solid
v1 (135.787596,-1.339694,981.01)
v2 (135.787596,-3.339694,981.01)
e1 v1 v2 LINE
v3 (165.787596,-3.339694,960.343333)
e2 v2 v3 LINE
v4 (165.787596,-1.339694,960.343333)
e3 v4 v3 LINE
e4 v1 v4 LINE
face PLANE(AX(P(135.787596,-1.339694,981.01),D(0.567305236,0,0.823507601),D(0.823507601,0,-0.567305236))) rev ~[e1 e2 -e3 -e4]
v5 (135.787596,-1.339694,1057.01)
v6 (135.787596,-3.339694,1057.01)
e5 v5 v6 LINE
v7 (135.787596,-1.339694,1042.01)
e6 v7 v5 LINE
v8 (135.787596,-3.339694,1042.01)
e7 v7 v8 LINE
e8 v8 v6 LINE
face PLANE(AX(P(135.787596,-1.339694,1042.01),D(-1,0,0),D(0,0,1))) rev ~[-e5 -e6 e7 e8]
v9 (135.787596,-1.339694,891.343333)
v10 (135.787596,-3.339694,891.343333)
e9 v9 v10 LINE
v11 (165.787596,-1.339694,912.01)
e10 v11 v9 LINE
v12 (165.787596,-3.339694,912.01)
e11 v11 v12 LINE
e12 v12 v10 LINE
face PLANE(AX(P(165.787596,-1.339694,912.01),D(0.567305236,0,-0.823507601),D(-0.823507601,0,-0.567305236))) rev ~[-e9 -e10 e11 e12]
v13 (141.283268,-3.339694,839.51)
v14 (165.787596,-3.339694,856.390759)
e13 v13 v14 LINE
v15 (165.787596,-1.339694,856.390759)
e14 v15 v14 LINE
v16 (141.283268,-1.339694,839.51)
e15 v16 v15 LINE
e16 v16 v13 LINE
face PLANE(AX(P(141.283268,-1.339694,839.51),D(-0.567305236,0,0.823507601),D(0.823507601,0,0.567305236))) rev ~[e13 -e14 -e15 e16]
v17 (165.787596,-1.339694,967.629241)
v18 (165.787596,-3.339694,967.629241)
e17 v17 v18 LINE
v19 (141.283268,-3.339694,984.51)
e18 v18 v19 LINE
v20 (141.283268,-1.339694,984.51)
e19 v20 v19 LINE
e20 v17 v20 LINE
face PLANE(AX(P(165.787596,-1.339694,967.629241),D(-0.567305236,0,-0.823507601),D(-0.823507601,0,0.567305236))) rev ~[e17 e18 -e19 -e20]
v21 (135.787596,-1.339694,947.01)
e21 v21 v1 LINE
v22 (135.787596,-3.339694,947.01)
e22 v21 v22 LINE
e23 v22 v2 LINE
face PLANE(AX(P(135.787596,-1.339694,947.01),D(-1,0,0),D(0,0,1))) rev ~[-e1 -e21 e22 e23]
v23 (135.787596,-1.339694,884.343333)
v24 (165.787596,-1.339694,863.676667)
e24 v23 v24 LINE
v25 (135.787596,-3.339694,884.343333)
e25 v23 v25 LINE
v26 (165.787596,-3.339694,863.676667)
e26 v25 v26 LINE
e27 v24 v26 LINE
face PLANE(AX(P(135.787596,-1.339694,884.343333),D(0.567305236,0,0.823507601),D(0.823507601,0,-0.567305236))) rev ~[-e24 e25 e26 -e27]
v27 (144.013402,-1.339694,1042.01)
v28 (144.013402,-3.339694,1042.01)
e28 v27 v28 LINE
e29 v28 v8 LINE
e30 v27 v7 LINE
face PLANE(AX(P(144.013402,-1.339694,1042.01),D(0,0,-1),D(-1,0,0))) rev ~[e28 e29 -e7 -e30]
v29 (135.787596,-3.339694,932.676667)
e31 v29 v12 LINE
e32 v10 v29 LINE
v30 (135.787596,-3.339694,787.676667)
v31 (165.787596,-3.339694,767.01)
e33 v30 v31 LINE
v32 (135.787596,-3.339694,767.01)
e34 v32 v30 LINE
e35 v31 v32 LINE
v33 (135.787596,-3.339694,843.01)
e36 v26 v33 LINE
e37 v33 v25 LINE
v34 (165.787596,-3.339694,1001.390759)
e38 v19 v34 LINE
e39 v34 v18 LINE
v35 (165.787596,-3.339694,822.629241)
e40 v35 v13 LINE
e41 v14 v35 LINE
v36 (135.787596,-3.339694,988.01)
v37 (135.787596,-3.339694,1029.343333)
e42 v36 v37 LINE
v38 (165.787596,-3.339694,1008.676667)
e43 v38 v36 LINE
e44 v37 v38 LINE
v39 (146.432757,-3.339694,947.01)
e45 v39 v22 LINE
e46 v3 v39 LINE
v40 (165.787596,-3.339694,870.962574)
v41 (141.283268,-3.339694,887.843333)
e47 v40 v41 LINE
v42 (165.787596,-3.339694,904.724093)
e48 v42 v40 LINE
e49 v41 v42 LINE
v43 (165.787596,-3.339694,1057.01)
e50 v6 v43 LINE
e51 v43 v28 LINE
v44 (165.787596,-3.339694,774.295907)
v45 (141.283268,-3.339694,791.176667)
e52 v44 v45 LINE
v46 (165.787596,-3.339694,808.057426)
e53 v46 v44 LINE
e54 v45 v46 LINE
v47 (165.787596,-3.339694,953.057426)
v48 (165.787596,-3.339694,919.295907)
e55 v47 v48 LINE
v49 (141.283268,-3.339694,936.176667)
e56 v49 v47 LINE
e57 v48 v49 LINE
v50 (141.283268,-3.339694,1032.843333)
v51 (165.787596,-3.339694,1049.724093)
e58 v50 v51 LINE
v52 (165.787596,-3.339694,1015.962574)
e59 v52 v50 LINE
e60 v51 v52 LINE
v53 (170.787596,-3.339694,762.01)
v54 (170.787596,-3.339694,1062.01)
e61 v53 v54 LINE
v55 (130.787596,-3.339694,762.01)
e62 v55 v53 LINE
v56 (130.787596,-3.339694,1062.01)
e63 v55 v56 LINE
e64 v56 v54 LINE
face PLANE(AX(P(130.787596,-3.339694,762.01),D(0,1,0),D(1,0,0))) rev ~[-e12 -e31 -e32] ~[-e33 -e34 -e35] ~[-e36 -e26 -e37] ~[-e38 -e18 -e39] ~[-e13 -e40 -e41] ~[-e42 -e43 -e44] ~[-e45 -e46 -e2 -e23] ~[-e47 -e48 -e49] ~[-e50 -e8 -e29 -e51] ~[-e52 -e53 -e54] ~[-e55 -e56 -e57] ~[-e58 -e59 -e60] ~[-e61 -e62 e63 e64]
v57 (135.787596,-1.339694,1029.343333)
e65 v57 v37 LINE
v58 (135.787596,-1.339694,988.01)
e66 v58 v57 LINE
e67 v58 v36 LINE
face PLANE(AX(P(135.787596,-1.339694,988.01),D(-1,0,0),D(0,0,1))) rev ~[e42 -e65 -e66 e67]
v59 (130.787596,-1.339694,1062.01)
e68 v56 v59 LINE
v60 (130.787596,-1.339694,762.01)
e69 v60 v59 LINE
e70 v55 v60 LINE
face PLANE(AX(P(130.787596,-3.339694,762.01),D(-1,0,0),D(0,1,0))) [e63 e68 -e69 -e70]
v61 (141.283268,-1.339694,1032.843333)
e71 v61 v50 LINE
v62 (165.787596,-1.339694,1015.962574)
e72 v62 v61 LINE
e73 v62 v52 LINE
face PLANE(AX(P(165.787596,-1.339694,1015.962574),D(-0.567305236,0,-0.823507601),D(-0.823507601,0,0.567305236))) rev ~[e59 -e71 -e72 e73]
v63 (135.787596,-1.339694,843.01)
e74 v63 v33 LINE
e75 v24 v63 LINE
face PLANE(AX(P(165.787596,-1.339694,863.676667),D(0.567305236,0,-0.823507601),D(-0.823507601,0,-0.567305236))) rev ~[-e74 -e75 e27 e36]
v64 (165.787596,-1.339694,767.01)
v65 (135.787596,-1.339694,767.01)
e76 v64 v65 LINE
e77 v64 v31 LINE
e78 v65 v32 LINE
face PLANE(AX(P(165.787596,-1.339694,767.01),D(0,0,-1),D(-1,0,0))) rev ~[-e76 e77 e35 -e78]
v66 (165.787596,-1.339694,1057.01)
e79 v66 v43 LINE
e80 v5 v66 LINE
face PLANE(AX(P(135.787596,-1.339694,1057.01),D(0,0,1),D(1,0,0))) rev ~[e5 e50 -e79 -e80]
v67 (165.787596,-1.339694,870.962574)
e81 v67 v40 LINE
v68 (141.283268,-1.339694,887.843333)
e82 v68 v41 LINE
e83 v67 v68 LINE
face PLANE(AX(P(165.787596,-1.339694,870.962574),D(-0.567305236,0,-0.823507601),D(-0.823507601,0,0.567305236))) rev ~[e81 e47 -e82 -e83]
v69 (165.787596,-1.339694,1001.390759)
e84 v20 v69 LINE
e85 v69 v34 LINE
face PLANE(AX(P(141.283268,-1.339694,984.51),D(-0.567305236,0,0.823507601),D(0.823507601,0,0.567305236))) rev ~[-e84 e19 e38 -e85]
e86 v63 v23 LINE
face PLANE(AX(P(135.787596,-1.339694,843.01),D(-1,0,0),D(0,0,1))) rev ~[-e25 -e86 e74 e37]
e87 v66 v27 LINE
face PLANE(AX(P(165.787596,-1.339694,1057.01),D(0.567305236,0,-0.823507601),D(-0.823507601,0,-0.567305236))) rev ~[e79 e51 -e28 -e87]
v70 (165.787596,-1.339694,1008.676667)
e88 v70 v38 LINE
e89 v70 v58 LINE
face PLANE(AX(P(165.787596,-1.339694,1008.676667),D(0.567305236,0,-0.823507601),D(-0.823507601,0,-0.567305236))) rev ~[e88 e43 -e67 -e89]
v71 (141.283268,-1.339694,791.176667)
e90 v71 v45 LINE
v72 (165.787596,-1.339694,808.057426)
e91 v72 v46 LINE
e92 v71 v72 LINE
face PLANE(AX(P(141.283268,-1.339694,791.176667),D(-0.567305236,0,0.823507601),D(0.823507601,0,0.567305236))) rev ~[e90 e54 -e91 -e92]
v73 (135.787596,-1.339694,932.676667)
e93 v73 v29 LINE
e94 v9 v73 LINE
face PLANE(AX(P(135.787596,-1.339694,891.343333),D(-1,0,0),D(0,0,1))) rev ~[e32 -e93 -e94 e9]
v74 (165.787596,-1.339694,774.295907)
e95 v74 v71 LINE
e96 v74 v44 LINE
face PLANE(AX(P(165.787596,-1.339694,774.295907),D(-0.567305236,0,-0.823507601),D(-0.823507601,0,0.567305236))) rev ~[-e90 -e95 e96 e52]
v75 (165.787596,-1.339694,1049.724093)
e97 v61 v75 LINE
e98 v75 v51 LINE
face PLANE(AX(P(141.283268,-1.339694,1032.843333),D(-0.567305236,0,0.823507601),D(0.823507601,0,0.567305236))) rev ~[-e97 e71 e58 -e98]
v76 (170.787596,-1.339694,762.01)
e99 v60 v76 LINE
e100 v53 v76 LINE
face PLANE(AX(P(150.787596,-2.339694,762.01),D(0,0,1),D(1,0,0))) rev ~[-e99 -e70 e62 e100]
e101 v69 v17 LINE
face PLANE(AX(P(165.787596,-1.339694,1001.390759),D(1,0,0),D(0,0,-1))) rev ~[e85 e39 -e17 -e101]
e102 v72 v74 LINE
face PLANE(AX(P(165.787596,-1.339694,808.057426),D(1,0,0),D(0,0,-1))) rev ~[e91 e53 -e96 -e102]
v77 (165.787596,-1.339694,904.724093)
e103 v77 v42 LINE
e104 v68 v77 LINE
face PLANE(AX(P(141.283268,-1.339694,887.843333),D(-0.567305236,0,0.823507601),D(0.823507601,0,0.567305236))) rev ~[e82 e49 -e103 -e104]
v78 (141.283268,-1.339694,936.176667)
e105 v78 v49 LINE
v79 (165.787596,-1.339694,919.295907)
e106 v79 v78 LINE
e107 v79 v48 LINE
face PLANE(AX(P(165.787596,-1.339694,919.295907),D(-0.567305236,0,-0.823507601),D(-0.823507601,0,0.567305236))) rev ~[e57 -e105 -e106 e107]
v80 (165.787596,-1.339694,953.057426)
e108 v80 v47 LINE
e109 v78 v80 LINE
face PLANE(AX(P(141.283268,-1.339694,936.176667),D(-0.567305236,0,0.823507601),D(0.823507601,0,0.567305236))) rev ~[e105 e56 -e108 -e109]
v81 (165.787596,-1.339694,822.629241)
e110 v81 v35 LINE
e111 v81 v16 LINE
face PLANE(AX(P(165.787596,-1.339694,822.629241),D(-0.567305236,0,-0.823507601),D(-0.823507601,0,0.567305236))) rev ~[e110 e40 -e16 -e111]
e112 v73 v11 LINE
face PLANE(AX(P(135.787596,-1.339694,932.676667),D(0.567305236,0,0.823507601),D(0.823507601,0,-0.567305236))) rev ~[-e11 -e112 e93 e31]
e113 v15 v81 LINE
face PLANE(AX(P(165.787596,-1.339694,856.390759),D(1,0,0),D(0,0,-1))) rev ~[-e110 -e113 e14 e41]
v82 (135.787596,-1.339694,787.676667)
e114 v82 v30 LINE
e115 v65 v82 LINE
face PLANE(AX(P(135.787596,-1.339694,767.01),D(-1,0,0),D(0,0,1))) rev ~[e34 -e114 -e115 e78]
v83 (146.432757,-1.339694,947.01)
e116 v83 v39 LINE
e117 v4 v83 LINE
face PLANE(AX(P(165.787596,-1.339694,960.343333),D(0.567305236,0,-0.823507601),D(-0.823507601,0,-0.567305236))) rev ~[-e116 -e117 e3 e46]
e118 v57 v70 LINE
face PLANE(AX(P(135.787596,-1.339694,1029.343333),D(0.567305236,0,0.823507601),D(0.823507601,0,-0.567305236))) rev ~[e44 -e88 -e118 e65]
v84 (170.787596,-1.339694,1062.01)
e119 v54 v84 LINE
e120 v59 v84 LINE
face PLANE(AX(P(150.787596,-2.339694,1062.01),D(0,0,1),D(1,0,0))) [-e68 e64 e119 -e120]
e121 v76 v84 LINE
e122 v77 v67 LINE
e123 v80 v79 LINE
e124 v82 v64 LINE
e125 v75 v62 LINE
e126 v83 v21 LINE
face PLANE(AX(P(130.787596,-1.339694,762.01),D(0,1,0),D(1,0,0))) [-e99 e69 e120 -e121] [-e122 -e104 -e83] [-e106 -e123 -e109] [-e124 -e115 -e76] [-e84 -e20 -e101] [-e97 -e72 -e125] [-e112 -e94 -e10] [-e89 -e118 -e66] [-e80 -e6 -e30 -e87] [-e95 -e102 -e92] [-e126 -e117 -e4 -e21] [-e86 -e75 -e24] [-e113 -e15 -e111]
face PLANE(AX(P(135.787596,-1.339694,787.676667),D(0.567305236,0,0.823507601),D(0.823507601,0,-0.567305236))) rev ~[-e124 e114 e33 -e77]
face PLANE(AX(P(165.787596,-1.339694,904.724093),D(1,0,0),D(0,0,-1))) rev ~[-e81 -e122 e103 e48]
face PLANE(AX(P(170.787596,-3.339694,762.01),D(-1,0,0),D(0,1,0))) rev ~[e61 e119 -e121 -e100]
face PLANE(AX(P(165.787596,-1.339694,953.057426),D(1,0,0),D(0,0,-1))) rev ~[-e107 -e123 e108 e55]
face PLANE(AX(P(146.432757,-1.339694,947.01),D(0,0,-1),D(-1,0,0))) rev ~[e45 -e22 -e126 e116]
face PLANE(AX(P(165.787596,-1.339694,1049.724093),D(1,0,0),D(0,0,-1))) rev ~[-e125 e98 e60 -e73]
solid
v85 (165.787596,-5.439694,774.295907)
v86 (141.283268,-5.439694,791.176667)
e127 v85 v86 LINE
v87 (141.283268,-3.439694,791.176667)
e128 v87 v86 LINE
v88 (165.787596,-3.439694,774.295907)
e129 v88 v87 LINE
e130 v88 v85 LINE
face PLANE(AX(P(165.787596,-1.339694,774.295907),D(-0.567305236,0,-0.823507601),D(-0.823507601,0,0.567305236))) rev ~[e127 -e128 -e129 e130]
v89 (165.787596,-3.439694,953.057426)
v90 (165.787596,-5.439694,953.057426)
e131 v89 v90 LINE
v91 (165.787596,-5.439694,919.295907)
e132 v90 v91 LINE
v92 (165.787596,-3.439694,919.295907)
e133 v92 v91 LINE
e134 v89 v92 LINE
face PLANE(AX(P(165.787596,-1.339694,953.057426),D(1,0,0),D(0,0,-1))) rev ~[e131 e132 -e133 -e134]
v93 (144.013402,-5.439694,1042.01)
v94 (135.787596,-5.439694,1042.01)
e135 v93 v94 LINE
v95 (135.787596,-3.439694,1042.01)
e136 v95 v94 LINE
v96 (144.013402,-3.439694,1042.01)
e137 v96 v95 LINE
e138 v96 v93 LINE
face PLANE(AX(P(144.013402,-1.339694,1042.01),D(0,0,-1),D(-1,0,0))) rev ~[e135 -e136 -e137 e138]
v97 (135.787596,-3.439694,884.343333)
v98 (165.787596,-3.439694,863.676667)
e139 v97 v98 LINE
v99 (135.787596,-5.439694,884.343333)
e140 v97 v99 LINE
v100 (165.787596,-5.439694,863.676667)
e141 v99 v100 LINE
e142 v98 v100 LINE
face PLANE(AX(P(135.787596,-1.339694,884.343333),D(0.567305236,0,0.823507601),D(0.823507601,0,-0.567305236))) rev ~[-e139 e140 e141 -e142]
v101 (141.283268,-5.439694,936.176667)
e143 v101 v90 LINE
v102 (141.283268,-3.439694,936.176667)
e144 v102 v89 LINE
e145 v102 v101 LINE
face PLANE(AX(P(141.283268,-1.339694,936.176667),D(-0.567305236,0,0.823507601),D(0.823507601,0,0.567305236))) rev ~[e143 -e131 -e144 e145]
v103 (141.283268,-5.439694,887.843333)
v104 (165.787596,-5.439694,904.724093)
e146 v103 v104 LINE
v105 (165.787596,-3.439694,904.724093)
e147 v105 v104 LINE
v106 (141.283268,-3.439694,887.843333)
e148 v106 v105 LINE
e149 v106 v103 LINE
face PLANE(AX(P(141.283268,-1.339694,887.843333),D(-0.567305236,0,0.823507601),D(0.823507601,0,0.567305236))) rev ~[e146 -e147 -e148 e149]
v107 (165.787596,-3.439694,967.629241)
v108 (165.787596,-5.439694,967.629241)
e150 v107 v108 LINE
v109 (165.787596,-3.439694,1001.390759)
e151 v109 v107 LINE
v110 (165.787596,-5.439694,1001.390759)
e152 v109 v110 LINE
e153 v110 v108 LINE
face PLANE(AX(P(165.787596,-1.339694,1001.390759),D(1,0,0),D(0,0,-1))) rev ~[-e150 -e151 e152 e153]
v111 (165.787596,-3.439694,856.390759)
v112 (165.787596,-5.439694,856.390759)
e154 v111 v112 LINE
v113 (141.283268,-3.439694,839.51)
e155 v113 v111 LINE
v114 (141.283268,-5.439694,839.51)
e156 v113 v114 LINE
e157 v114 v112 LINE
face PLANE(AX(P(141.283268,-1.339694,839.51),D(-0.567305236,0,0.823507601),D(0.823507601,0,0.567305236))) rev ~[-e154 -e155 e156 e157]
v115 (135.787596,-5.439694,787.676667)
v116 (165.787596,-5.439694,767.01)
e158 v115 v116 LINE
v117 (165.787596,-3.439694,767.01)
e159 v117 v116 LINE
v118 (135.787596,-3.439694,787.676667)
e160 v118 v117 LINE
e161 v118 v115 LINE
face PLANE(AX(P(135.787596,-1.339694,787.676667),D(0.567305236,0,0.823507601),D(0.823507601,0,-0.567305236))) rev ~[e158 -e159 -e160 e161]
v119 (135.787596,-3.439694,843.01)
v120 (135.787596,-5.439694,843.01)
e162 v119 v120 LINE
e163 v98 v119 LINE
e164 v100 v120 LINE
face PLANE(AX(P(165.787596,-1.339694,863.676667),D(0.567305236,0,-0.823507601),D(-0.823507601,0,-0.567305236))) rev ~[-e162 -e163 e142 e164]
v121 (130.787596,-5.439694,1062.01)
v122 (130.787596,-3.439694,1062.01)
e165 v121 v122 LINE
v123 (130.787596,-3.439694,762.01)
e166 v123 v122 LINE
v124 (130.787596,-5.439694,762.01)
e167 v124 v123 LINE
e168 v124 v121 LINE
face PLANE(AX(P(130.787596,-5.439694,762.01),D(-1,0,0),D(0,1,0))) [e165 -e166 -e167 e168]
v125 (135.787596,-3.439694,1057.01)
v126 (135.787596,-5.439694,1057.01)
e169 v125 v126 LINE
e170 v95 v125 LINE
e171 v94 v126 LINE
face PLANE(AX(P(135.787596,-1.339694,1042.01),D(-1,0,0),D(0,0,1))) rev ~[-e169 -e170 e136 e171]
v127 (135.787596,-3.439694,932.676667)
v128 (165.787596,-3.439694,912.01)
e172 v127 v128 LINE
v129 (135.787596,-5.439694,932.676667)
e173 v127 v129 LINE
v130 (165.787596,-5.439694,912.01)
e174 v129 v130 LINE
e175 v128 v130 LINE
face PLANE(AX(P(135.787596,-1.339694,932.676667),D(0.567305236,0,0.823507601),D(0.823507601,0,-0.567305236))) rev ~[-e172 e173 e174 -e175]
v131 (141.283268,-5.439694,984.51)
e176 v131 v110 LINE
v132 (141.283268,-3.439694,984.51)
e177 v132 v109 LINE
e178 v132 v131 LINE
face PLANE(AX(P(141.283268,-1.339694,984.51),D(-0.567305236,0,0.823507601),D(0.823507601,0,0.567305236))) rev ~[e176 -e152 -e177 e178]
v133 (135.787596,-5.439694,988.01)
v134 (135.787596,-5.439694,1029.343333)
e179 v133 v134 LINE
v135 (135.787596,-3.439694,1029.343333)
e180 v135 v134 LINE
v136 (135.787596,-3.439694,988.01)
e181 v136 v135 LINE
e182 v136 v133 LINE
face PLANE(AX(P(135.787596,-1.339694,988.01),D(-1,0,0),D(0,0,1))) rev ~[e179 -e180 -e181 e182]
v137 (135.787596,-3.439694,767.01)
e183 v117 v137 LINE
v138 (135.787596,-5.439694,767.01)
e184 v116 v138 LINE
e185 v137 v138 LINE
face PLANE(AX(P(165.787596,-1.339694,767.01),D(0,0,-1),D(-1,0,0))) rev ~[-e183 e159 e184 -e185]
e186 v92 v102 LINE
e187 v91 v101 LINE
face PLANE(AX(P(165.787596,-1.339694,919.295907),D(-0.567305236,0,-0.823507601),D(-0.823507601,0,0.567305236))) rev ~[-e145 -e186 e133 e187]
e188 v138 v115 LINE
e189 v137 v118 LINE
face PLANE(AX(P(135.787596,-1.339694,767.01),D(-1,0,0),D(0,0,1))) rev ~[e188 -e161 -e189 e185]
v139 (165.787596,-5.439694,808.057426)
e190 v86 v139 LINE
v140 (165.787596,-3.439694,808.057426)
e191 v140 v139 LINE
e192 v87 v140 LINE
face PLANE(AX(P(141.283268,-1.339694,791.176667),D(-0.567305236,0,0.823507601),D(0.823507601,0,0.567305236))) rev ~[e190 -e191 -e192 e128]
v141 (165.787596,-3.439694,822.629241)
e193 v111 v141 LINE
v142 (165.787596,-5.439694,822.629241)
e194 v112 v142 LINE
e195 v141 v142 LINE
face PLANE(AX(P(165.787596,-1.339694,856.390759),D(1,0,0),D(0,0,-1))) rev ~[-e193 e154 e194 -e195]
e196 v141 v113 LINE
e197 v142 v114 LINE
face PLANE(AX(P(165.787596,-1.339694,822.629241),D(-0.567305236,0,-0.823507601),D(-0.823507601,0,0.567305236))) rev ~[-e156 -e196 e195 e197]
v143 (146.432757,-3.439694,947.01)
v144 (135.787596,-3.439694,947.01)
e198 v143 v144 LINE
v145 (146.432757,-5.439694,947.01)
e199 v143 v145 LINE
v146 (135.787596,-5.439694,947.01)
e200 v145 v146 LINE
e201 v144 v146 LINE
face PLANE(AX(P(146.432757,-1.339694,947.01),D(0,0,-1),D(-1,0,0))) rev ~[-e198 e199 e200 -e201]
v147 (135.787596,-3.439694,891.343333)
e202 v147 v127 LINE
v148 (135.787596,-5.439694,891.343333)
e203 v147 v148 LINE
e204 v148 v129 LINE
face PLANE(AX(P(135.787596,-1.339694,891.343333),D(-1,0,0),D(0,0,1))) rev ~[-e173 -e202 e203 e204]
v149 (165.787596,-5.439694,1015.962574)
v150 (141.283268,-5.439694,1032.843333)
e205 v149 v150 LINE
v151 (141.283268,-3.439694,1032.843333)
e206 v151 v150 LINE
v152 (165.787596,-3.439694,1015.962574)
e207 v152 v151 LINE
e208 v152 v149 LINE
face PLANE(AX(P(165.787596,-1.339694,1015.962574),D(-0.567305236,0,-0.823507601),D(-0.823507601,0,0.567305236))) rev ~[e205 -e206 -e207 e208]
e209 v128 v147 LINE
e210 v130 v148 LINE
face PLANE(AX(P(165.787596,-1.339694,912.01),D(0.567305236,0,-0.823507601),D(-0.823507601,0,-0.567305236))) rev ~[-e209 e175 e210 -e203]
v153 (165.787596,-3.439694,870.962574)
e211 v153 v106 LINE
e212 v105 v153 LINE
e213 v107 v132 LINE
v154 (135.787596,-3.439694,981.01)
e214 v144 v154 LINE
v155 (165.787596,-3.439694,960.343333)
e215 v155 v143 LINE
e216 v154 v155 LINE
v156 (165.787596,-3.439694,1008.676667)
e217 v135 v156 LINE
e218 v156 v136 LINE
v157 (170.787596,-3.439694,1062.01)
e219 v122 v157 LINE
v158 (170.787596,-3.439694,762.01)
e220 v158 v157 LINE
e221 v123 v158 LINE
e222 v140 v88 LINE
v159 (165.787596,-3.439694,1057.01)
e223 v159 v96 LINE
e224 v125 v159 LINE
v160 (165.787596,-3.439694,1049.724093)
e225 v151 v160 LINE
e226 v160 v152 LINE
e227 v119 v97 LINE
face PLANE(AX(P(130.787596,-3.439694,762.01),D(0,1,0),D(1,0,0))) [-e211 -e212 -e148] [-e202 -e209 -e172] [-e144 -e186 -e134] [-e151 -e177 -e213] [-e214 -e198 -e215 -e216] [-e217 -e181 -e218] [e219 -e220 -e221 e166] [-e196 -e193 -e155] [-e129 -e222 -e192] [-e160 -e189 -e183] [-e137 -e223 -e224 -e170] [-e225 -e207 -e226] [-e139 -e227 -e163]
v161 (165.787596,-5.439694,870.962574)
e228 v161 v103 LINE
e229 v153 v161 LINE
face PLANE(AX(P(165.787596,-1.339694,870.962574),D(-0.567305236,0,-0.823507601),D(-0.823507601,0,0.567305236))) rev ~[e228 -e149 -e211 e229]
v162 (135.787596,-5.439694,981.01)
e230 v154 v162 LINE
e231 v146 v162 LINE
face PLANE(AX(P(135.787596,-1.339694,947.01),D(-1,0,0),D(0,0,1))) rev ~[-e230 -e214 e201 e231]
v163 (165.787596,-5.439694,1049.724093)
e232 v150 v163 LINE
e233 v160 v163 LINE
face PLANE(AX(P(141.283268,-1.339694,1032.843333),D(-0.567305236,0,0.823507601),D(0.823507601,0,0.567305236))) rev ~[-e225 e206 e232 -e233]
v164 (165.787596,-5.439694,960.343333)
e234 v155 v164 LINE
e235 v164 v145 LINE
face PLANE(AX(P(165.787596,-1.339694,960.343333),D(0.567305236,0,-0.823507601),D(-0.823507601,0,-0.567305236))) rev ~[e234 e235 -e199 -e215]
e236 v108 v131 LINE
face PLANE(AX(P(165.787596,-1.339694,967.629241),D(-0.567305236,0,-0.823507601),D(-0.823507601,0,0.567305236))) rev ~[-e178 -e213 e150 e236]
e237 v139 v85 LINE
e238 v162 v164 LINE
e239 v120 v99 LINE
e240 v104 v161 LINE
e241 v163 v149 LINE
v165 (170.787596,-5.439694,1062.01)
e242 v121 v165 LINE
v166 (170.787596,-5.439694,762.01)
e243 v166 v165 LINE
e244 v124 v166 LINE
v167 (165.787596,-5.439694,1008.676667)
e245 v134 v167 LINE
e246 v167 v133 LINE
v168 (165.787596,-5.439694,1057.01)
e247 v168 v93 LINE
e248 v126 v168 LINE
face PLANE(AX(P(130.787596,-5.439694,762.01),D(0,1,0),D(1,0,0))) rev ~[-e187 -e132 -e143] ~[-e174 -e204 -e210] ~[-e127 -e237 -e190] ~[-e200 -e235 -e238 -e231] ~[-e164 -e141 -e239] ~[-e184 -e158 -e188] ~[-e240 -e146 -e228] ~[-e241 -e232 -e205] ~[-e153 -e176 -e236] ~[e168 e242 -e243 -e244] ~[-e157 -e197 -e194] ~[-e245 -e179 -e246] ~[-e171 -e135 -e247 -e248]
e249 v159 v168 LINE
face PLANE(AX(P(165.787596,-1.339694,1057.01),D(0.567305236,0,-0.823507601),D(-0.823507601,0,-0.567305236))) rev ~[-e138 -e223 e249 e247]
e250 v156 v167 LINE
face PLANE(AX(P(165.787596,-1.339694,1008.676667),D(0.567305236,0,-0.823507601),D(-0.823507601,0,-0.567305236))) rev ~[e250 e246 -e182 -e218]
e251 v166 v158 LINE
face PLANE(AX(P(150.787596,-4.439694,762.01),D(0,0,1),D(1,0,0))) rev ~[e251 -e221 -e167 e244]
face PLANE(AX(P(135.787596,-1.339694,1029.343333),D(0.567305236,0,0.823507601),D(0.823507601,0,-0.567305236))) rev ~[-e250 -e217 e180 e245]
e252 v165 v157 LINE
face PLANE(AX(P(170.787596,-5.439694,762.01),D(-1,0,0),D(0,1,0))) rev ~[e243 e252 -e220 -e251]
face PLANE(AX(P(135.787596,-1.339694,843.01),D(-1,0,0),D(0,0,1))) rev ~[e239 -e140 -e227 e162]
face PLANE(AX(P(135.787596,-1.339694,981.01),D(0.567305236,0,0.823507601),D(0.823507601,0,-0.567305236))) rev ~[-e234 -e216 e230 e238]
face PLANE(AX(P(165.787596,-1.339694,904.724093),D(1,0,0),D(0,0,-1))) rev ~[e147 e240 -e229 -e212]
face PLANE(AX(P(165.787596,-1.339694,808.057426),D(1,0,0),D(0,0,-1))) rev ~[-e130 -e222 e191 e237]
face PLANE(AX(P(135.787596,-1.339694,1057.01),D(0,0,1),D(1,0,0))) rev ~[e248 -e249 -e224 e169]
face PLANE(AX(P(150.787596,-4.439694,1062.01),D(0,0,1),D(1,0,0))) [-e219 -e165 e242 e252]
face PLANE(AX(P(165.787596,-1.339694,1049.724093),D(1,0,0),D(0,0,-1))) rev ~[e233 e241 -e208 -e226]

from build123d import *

# Parameters (mm, degrees)
SKETCH_2_W          = 40
SKETCH_2_H          = 2
EXTRUDE_1_DEPTH     = 300
EXTRUDE_1_2_DEPTH   = 300
CUT_EXTRUDE_1_DEPTH = 1076.662797098


with BuildPart() as part:
    # 草图2 → 凸台-拉伸1 (new body)
    with BuildSketch(Plane.XY.offset(762.01)):
        with Locations((150.787596038, -2.339694097)):
            Rectangle(SKETCH_2_W, SKETCH_2_H)
    extrude(amount=EXTRUDE_1_DEPTH)


with BuildPart() as body_2:
    # 草图2 → Extrude 1 2 (new body)
    with BuildSketch(Plane.XY.offset(762.01)):
        with Locations((150.787596038, -4.439694097)):
            Rectangle(SKETCH_2_W, SKETCH_2_H)
    extrude(amount=EXTRUDE_1_2_DEPTH)


with BuildPart() as cut_extrude_1_tool:
    # 草图3 → 切除-拉伸1 (new, through all)
    with BuildSketch(Plane(origin=(0, -1.339694097, 0), x_dir=(1, 0, 0), z_dir=(0, 1, 0))):
        Polygon((135.787596038, -1057.01), (165.787596038, -1057.01), (144.013402489, -1042.01), (135.787596038, -1042.01), align=None)
        Polygon((141.283267851, -1032.843333333), (165.787596038, -1049.724092751), (165.787596038, -1015.962573916), align=None)
        Polygon((135.787596038, -1029.343333333), (165.787596038, -1008.676666667), (135.787596038, -988.01), align=None)
        Polygon((141.283267851, -984.51), (165.787596038, -1001.390759417), (165.787596038, -967.629240583), align=None)
        Polygon((135.787596038, -947.01), (135.787596038, -981.01), (165.787596038, -960.343333333), (146.432757328, -947.01), align=None)
        Polygon((141.283267851, -936.176666667), (165.787596038, -953.057426084), (165.787596038, -919.295907249), align=None)
        Polygon((135.787596038, -891.343333333), (135.787596038, -932.676666667), (165.787596038, -912.01), align=None)
        Polygon((141.283267851, -887.843333333), (165.787596038, -904.724092751), (165.787596038, -870.962573916), align=None)
        Polygon((135.787596038, -843.01), (135.787596038, -884.343333333), (165.787596038, -863.676666667), align=None)
        Polygon((141.283267851, -839.51), (165.787596038, -856.390759417), (165.787596038, -822.629240583), align=None)
        Polygon((135.787596038, -767.01), (135.787596038, -787.676666667), (165.787596038, -767.01), align=None)
        Polygon((141.283267851, -791.176666667), (165.787596038, -808.057426084), (165.787596038, -774.295907249), align=None)
    extrude(amount=-CUT_EXTRUDE_1_DEPTH)


with BuildPart() as part_1:
    add(part.part)

    # 切除-拉伸1: cut by cut_extrude_1_tool
    add(cut_extrude_1_tool.part, mode=Mode.SUBTRACT)


with BuildPart() as body_2_1:
    add(body_2.part)

    # 切除-拉伸1: cut by cut_extrude_1_tool
    add(cut_extrude_1_tool.part, mode=Mode.SUBTRACT)


solid = Compound([part_1.part, body_2_1.part])
